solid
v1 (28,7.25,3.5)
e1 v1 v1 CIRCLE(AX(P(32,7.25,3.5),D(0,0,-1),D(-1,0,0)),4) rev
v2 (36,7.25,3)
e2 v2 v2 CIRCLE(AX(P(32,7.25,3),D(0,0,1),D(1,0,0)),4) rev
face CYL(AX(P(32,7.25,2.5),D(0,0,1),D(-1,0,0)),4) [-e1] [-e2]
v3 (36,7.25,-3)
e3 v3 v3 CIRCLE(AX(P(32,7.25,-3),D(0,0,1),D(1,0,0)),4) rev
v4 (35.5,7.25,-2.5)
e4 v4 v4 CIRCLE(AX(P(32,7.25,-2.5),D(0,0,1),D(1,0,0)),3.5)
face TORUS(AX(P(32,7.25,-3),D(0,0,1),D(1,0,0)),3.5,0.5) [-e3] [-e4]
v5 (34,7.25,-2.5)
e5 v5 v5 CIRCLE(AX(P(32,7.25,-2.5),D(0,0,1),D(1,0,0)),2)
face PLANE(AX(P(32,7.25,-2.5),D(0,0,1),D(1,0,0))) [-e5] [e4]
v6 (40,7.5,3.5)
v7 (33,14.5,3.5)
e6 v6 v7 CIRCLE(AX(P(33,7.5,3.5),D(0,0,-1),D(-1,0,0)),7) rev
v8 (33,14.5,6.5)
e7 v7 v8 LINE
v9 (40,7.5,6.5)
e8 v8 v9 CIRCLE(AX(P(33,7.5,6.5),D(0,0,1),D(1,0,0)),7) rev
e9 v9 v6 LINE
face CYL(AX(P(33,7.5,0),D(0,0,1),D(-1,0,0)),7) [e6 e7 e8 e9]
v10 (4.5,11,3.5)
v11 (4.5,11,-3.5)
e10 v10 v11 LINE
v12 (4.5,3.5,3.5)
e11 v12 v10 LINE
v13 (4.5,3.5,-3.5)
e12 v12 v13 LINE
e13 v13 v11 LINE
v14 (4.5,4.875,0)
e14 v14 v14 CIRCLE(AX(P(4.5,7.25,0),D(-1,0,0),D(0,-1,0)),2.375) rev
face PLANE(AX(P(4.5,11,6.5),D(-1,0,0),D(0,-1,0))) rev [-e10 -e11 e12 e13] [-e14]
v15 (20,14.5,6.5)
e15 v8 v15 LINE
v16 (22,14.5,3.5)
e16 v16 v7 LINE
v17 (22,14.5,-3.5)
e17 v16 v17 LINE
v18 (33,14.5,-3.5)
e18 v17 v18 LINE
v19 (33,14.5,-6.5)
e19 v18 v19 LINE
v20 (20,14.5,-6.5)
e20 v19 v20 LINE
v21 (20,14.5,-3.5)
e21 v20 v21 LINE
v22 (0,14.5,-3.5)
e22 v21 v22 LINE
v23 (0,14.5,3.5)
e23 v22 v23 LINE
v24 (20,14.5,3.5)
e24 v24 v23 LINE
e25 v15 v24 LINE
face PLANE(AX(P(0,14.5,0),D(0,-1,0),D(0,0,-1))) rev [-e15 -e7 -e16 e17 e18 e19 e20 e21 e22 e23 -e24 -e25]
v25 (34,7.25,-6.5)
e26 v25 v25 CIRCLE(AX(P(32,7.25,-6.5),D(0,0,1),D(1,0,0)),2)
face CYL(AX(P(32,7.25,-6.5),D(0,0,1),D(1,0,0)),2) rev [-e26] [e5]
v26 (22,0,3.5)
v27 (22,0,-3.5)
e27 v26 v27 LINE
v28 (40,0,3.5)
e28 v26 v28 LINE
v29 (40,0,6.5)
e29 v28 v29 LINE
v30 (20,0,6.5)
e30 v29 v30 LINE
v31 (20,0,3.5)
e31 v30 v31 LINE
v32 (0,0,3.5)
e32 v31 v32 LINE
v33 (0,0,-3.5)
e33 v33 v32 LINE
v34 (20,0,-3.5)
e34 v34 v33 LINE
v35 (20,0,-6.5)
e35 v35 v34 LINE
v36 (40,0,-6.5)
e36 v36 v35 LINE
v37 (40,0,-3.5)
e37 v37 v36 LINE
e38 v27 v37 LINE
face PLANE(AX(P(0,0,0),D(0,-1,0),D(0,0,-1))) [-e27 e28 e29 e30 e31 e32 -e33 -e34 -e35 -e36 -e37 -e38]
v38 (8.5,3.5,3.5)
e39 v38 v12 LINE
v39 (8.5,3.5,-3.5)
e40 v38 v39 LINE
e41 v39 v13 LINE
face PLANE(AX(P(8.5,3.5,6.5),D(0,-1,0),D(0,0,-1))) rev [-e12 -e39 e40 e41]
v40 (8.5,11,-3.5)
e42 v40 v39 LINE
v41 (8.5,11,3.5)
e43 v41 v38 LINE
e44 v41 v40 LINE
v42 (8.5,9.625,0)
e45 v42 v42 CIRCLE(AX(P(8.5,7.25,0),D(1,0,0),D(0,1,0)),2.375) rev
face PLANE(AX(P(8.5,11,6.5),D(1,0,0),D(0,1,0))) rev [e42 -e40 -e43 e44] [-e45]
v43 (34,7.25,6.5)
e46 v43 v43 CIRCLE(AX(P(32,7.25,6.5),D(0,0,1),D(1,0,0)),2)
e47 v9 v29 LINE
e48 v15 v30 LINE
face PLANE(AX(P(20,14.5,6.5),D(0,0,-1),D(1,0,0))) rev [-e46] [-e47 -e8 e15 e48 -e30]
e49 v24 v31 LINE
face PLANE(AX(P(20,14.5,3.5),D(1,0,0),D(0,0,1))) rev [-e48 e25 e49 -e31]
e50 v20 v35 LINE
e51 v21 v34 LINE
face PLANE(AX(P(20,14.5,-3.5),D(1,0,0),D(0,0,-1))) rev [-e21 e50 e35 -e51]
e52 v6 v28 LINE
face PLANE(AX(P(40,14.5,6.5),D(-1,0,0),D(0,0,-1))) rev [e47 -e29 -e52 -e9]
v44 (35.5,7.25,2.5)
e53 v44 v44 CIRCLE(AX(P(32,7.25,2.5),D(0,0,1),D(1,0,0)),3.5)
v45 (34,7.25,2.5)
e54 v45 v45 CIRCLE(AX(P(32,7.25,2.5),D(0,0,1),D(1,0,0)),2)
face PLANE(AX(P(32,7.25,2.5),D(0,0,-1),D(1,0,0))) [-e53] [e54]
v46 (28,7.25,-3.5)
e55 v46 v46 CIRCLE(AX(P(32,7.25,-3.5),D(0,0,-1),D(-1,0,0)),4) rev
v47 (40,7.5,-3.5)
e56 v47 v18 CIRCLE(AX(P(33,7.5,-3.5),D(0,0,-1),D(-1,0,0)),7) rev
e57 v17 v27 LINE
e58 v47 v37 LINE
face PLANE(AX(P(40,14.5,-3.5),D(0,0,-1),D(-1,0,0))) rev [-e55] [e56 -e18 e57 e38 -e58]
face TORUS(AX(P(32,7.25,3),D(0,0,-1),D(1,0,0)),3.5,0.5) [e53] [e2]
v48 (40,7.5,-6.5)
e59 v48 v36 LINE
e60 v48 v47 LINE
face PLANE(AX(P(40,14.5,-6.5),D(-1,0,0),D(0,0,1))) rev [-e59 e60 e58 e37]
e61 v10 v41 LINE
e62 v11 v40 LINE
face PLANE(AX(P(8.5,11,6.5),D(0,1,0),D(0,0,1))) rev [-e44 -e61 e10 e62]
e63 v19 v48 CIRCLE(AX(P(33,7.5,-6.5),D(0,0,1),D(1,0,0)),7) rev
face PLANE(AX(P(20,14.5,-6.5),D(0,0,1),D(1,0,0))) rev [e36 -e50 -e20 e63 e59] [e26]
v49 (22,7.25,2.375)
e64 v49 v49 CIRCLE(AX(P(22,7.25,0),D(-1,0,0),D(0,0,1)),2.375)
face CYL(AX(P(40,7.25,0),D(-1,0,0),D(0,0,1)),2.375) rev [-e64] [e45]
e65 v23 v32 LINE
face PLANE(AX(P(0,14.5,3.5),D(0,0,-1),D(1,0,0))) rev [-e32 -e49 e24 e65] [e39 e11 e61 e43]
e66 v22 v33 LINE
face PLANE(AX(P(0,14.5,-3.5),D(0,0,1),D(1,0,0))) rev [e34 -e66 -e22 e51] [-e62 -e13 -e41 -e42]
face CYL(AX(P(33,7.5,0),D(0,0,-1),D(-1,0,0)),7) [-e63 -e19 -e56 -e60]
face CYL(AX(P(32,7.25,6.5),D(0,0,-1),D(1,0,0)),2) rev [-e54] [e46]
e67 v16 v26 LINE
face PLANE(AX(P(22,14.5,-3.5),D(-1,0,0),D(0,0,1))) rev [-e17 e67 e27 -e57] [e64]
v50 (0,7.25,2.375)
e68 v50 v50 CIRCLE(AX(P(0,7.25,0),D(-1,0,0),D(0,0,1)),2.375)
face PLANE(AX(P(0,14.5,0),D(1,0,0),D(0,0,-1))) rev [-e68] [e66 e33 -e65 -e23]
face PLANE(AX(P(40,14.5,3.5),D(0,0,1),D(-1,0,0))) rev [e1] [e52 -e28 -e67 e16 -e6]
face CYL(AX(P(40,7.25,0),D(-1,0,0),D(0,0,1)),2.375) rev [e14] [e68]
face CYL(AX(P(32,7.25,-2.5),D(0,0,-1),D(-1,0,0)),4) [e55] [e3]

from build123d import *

# Parameters (mm, degrees)
BOSS_EXTRU_1_DEPTH      = 14.5
CONG_5_R                = 7
ESQUISSE3_R             = 4
BOSS_EXTRU_2_DEPTH      = 1
CONG_2_R                = 0.5
ESQUISSE4_R             = 2
ENL_V_MAT_EXTRU_1_DEPTH = 5
ESQUISSE5_R             = 2.375
ENL_V_MAT_EXTRU_2_DEPTH = 41
ESQUISSE6_W             = 4
ESQUISSE6_H             = 7.5
ENL_V_MAT_EXTRU_3_DEPTH = 11


with BuildPart() as part:
    # Esquisse2 → Boss.-Extru.1 (new body)
    with BuildSketch(Plane(origin=(0, 0, 0), x_dir=(1, 0, 0), z_dir=(0, 1, 0))):
        Polygon((0, 0), (0, 3.5), (20, 3.5), (20, 6.5), (40, 6.5), (40, 3.5), (22, 3.5), (22, 0), align=None)
    extrude(amount=BOSS_EXTRU_1_DEPTH)

    # Congé5
    cong_5_edges = [part.edges().sort_by_distance(p)[0] for p in [
        (40, 14.5, -5),
    ]]
    fillet(cong_5_edges, radius=CONG_5_R)

    # Esquisse3 → Boss.-Extru.2 (add)
    with BuildSketch(Plane.XY.offset(-3.5)):
        with Locations((32, 7.25)):
            Circle(ESQUISSE3_R)
    extrude(amount=BOSS_EXTRU_2_DEPTH)

    # Congé2
    cong_2_edges = [part.edges().sort_by_distance(p)[0] for p in [
        (28, 7.25, -2.5),
    ]]
    fillet(cong_2_edges, radius=CONG_2_R)

    # Esquisse4 → Enlèv. mat.-Extru.1 (cut, through all)
    with BuildSketch(Plane.XY.offset(-2.5)):
        with Locations((32, 7.25)):
            Circle(ESQUISSE4_R)
    extrude(amount=-ENL_V_MAT_EXTRU_1_DEPTH, mode=Mode.SUBTRACT)

    # Symétrie1: part across plane


with BuildPart() as part_1:
    add(part.part)
    add(part.part.mirror(Plane(origin=(22, 14.5, 0), x_dir=(1, 0, 0), z_dir=(0, 0, -1))))

    # Esquisse5 → Enlèv. mat.-Extru.2 (cut, through all)
    with BuildSketch(Plane.ZY):
        with Locations((0, 7.25)):
            Circle(ESQUISSE5_R)
    extrude(amount=-ENL_V_MAT_EXTRU_2_DEPTH, mode=Mode.SUBTRACT)

    # Esquisse6 → Enlèv. mat.-Extru.3 (cut, through all)
    with BuildSketch(Plane(origin=(0, 0, -3.5), x_dir=(-1, 0, 0), z_dir=(0, 0, -1))):
        with Locations((-6.5, 7.25)):
            Rectangle(ESQUISSE6_W, ESQUISSE6_H)
    extrude(amount=-ENL_V_MAT_EXTRU_3_DEPTH, mode=Mode.SUBTRACT)


solid = part_1.part
